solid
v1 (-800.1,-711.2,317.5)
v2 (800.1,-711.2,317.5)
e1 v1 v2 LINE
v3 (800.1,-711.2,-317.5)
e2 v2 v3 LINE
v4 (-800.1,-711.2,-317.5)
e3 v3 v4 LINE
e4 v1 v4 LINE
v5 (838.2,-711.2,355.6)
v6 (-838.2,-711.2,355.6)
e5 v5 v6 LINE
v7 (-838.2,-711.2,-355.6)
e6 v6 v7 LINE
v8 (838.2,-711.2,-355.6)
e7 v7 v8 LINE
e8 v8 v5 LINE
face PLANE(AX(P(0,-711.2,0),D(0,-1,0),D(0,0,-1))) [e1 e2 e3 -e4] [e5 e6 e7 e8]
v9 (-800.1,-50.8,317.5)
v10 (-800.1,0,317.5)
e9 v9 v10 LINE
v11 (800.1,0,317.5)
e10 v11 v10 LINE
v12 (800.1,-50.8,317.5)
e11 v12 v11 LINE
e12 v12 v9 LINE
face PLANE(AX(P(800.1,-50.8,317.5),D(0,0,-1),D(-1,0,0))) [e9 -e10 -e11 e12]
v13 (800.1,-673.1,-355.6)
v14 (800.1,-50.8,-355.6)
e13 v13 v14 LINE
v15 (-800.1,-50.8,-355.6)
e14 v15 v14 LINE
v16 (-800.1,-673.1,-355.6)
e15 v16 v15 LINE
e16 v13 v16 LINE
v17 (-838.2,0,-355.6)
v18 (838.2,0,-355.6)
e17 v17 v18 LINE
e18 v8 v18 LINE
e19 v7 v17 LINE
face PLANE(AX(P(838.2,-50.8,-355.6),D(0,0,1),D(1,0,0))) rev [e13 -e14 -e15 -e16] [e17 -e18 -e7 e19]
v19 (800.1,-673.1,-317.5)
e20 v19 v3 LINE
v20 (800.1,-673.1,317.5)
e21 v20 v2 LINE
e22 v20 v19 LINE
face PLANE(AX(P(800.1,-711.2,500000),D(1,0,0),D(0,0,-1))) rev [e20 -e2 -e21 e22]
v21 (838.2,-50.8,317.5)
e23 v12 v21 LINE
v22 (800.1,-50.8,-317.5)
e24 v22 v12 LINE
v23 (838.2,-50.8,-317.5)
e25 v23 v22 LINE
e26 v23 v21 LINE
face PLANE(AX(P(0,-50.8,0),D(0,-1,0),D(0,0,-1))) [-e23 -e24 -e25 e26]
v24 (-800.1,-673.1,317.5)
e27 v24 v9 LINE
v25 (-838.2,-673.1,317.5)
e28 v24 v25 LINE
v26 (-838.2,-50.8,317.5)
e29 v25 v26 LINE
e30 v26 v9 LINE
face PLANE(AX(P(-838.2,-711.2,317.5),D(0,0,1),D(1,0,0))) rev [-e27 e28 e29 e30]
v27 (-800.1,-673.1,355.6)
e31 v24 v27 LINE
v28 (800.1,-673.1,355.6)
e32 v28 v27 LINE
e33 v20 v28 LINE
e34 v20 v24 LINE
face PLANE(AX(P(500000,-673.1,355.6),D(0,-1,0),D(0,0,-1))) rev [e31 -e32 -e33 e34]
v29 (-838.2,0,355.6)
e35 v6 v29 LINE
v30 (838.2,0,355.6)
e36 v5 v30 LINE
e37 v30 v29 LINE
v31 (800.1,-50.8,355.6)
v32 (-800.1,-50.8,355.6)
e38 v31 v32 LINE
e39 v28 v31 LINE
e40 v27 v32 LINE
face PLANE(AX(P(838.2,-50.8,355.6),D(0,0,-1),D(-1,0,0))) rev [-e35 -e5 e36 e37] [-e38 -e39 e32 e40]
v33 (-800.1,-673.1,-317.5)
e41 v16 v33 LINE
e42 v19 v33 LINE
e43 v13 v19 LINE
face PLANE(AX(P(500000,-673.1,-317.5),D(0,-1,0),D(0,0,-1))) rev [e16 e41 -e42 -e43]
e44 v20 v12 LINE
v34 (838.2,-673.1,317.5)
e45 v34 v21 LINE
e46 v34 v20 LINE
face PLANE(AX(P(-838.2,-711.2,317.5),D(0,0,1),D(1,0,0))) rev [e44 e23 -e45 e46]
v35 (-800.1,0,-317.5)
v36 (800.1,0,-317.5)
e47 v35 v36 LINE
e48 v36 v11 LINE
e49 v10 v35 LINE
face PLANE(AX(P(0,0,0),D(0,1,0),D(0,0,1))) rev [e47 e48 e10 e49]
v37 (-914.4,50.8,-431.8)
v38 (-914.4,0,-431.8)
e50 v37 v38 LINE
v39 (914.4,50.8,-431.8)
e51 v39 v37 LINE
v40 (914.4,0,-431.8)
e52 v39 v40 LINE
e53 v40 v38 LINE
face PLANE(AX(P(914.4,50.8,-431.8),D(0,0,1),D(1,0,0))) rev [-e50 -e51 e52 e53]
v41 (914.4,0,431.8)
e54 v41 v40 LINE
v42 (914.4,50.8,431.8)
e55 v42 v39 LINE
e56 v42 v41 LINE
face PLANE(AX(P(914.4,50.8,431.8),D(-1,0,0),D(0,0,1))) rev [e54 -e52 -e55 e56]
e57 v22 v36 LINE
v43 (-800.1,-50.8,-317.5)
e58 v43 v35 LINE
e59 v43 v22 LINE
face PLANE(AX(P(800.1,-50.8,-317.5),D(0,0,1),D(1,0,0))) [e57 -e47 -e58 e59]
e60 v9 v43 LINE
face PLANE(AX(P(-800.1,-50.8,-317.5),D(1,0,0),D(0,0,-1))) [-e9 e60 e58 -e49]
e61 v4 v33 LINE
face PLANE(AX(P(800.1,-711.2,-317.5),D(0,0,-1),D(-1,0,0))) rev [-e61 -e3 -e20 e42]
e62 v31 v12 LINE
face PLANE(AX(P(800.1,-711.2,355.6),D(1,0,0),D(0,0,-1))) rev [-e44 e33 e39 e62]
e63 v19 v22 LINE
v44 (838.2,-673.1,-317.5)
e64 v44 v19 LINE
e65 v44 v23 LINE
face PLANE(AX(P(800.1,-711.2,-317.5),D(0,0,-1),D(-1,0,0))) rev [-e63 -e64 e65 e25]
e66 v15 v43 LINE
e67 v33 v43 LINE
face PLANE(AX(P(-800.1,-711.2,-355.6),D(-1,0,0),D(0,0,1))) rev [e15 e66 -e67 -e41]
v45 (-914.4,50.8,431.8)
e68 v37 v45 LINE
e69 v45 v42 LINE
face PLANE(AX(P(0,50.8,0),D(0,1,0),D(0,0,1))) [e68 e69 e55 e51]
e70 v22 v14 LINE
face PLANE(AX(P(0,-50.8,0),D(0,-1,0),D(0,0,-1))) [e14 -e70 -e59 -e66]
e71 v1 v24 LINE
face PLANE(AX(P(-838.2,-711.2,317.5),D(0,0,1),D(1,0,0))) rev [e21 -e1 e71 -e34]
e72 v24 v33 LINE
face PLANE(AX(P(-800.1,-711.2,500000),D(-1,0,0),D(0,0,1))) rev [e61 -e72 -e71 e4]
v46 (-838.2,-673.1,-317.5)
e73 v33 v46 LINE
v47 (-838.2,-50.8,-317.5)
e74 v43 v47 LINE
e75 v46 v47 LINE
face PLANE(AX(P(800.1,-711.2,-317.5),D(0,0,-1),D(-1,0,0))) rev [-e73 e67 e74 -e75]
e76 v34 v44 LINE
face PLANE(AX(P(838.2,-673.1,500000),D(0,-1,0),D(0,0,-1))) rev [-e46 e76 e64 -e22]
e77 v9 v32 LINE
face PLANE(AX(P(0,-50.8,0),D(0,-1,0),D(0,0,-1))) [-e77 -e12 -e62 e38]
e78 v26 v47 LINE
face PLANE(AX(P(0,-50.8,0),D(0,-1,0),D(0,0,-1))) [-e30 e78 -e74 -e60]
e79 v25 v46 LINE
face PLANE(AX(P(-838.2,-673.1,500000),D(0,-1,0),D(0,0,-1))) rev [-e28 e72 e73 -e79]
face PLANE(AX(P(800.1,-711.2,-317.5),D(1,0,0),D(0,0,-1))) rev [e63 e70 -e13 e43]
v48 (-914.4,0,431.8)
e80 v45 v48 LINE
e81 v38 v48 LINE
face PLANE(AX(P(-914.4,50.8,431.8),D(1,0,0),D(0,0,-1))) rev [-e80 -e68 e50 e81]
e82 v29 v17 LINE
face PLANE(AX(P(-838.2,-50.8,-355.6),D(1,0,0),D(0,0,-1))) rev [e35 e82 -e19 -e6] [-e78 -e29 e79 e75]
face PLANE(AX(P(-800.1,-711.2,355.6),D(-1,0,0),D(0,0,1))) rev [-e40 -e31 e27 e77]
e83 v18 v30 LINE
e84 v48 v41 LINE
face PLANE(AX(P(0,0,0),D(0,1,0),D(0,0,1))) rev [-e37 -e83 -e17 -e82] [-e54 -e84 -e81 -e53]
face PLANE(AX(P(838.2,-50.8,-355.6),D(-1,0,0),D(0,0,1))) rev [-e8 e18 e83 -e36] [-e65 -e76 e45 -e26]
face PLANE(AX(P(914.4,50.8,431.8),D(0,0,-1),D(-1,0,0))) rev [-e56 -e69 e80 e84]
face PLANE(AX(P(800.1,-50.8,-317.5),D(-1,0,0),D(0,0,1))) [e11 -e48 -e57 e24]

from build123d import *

# Parameters (mm, degrees)
SKETCH1_W           = 1828.8
SKETCH1_H           = 863.6
BOSS_EXTRUDE1_DEPTH = 50.8
SKETCH2_W           = 1676.4
SKETCH2_H           = 711.2
SKETCH2_W_2         = 1600.2
SKETCH2_H_2         = 635
BOSS_EXTRUDE2_DEPTH = 50.8
SKETCH3_W           = 38.1
SKETCH3_H           = 38.1
BOSS_EXTRUDE3_DEPTH = 660.4
BOSS_EXTRUDE4_REACH = 1907.72
SKETCH4_W           = 38.1
SKETCH4_H           = 38.1
BOSS_EXTRUDE5_REACH = 1381.632
SKETCH5_W           = 38.1
SKETCH5_H           = 38.1


with BuildPart() as part:
    # Sketch1 → Boss-Extrude1 (new body)
    with BuildSketch(Plane(origin=(0, 0, 0), x_dir=(1, 0, 0), z_dir=(0, 1, 0))):
        Rectangle(SKETCH1_W, SKETCH1_H)
    extrude(amount=BOSS_EXTRUDE1_DEPTH)

    # Sketch2 → Boss-Extrude2 (add)
    with BuildSketch(Plane.XZ):
        Rectangle(SKETCH2_W, SKETCH2_H)
        Rectangle(SKETCH2_W_2, SKETCH2_H_2, mode=Mode.SUBTRACT)
    extrude(amount=BOSS_EXTRUDE2_DEPTH)

    # Sketch3 → Boss-Extrude3 (add)
    with BuildSketch(Plane.XZ.offset(50.8)):
        with Locations((-819.15, 336.55)):
            Rectangle(SKETCH3_W, SKETCH3_H)
        with Locations((819.15, 336.55)):
            Rectangle(SKETCH3_W, SKETCH3_H)
        with Locations((819.15, -336.55)):
            Rectangle(SKETCH3_W, SKETCH3_H)
        with Locations((-819.15, -336.55)):
            Rectangle(SKETCH3_W, SKETCH3_H)
    extrude(amount=BOSS_EXTRUDE3_DEPTH)

    # Sketch4 → Boss-Extrude4 (add, up to next)
    with BuildSketch(Plane(origin=(-800.1, 0, 0), x_dir=(0, 0, -1), z_dir=(1, 0, 0)), mode=Mode.PRIVATE) as boss_extrude4_sk1:
        with Locations((-336.55, -692.15)):
            Rectangle(SKETCH4_W, SKETCH4_H)
    boss_extrude4_tool1 = extrude(boss_extrude4_sk1.sketch, amount=BOSS_EXTRUDE4_REACH, mode=Mode.PRIVATE) - part.part
    # Sketch4 → Boss-Extrude4 (add, up to next)
    with BuildSketch(Plane(origin=(-800.1, 0, 0), x_dir=(0, 0, -1), z_dir=(1, 0, 0)), mode=Mode.PRIVATE) as boss_extrude4_sk2:
        with Locations((336.55, -692.15)):
            Rectangle(SKETCH4_W, SKETCH4_H)
    boss_extrude4_tool2 = extrude(boss_extrude4_sk2.sketch, amount=BOSS_EXTRUDE4_REACH, mode=Mode.PRIVATE) - part.part
    add(boss_extrude4_tool1.solids().sort_by_distance((-800.1, -692.15, 336.55))[0])
    add(boss_extrude4_tool2.solids().sort_by_distance((-800.1, -692.15, -336.55))[0])

    # Sketch5 → Boss-Extrude5 (add, up to next)
    with BuildSketch(Plane.XY.offset(-317.5), mode=Mode.PRIVATE) as boss_extrude5_sk1:
        with Locations((-819.15, -692.15)):
            Rectangle(SKETCH5_W, SKETCH5_H)
    boss_extrude5_tool1 = extrude(boss_extrude5_sk1.sketch, amount=BOSS_EXTRUDE5_REACH, mode=Mode.PRIVATE) - part.part
    # Sketch5 → Boss-Extrude5 (add, up to next)
    with BuildSketch(Plane.XY.offset(-317.5), mode=Mode.PRIVATE) as boss_extrude5_sk2:
        with Locations((819.15, -692.15)):
            Rectangle(SKETCH5_W, SKETCH5_H)
    boss_extrude5_tool2 = extrude(boss_extrude5_sk2.sketch, amount=BOSS_EXTRUDE5_REACH, mode=Mode.PRIVATE) - part.part
    add(boss_extrude5_tool1.solids().sort_by_distance((-819.15, -692.15, -317.5))[0])
    add(boss_extrude5_tool2.solids().sort_by_distance((819.15, -692.15, -317.5))[0])


solid = part.part
